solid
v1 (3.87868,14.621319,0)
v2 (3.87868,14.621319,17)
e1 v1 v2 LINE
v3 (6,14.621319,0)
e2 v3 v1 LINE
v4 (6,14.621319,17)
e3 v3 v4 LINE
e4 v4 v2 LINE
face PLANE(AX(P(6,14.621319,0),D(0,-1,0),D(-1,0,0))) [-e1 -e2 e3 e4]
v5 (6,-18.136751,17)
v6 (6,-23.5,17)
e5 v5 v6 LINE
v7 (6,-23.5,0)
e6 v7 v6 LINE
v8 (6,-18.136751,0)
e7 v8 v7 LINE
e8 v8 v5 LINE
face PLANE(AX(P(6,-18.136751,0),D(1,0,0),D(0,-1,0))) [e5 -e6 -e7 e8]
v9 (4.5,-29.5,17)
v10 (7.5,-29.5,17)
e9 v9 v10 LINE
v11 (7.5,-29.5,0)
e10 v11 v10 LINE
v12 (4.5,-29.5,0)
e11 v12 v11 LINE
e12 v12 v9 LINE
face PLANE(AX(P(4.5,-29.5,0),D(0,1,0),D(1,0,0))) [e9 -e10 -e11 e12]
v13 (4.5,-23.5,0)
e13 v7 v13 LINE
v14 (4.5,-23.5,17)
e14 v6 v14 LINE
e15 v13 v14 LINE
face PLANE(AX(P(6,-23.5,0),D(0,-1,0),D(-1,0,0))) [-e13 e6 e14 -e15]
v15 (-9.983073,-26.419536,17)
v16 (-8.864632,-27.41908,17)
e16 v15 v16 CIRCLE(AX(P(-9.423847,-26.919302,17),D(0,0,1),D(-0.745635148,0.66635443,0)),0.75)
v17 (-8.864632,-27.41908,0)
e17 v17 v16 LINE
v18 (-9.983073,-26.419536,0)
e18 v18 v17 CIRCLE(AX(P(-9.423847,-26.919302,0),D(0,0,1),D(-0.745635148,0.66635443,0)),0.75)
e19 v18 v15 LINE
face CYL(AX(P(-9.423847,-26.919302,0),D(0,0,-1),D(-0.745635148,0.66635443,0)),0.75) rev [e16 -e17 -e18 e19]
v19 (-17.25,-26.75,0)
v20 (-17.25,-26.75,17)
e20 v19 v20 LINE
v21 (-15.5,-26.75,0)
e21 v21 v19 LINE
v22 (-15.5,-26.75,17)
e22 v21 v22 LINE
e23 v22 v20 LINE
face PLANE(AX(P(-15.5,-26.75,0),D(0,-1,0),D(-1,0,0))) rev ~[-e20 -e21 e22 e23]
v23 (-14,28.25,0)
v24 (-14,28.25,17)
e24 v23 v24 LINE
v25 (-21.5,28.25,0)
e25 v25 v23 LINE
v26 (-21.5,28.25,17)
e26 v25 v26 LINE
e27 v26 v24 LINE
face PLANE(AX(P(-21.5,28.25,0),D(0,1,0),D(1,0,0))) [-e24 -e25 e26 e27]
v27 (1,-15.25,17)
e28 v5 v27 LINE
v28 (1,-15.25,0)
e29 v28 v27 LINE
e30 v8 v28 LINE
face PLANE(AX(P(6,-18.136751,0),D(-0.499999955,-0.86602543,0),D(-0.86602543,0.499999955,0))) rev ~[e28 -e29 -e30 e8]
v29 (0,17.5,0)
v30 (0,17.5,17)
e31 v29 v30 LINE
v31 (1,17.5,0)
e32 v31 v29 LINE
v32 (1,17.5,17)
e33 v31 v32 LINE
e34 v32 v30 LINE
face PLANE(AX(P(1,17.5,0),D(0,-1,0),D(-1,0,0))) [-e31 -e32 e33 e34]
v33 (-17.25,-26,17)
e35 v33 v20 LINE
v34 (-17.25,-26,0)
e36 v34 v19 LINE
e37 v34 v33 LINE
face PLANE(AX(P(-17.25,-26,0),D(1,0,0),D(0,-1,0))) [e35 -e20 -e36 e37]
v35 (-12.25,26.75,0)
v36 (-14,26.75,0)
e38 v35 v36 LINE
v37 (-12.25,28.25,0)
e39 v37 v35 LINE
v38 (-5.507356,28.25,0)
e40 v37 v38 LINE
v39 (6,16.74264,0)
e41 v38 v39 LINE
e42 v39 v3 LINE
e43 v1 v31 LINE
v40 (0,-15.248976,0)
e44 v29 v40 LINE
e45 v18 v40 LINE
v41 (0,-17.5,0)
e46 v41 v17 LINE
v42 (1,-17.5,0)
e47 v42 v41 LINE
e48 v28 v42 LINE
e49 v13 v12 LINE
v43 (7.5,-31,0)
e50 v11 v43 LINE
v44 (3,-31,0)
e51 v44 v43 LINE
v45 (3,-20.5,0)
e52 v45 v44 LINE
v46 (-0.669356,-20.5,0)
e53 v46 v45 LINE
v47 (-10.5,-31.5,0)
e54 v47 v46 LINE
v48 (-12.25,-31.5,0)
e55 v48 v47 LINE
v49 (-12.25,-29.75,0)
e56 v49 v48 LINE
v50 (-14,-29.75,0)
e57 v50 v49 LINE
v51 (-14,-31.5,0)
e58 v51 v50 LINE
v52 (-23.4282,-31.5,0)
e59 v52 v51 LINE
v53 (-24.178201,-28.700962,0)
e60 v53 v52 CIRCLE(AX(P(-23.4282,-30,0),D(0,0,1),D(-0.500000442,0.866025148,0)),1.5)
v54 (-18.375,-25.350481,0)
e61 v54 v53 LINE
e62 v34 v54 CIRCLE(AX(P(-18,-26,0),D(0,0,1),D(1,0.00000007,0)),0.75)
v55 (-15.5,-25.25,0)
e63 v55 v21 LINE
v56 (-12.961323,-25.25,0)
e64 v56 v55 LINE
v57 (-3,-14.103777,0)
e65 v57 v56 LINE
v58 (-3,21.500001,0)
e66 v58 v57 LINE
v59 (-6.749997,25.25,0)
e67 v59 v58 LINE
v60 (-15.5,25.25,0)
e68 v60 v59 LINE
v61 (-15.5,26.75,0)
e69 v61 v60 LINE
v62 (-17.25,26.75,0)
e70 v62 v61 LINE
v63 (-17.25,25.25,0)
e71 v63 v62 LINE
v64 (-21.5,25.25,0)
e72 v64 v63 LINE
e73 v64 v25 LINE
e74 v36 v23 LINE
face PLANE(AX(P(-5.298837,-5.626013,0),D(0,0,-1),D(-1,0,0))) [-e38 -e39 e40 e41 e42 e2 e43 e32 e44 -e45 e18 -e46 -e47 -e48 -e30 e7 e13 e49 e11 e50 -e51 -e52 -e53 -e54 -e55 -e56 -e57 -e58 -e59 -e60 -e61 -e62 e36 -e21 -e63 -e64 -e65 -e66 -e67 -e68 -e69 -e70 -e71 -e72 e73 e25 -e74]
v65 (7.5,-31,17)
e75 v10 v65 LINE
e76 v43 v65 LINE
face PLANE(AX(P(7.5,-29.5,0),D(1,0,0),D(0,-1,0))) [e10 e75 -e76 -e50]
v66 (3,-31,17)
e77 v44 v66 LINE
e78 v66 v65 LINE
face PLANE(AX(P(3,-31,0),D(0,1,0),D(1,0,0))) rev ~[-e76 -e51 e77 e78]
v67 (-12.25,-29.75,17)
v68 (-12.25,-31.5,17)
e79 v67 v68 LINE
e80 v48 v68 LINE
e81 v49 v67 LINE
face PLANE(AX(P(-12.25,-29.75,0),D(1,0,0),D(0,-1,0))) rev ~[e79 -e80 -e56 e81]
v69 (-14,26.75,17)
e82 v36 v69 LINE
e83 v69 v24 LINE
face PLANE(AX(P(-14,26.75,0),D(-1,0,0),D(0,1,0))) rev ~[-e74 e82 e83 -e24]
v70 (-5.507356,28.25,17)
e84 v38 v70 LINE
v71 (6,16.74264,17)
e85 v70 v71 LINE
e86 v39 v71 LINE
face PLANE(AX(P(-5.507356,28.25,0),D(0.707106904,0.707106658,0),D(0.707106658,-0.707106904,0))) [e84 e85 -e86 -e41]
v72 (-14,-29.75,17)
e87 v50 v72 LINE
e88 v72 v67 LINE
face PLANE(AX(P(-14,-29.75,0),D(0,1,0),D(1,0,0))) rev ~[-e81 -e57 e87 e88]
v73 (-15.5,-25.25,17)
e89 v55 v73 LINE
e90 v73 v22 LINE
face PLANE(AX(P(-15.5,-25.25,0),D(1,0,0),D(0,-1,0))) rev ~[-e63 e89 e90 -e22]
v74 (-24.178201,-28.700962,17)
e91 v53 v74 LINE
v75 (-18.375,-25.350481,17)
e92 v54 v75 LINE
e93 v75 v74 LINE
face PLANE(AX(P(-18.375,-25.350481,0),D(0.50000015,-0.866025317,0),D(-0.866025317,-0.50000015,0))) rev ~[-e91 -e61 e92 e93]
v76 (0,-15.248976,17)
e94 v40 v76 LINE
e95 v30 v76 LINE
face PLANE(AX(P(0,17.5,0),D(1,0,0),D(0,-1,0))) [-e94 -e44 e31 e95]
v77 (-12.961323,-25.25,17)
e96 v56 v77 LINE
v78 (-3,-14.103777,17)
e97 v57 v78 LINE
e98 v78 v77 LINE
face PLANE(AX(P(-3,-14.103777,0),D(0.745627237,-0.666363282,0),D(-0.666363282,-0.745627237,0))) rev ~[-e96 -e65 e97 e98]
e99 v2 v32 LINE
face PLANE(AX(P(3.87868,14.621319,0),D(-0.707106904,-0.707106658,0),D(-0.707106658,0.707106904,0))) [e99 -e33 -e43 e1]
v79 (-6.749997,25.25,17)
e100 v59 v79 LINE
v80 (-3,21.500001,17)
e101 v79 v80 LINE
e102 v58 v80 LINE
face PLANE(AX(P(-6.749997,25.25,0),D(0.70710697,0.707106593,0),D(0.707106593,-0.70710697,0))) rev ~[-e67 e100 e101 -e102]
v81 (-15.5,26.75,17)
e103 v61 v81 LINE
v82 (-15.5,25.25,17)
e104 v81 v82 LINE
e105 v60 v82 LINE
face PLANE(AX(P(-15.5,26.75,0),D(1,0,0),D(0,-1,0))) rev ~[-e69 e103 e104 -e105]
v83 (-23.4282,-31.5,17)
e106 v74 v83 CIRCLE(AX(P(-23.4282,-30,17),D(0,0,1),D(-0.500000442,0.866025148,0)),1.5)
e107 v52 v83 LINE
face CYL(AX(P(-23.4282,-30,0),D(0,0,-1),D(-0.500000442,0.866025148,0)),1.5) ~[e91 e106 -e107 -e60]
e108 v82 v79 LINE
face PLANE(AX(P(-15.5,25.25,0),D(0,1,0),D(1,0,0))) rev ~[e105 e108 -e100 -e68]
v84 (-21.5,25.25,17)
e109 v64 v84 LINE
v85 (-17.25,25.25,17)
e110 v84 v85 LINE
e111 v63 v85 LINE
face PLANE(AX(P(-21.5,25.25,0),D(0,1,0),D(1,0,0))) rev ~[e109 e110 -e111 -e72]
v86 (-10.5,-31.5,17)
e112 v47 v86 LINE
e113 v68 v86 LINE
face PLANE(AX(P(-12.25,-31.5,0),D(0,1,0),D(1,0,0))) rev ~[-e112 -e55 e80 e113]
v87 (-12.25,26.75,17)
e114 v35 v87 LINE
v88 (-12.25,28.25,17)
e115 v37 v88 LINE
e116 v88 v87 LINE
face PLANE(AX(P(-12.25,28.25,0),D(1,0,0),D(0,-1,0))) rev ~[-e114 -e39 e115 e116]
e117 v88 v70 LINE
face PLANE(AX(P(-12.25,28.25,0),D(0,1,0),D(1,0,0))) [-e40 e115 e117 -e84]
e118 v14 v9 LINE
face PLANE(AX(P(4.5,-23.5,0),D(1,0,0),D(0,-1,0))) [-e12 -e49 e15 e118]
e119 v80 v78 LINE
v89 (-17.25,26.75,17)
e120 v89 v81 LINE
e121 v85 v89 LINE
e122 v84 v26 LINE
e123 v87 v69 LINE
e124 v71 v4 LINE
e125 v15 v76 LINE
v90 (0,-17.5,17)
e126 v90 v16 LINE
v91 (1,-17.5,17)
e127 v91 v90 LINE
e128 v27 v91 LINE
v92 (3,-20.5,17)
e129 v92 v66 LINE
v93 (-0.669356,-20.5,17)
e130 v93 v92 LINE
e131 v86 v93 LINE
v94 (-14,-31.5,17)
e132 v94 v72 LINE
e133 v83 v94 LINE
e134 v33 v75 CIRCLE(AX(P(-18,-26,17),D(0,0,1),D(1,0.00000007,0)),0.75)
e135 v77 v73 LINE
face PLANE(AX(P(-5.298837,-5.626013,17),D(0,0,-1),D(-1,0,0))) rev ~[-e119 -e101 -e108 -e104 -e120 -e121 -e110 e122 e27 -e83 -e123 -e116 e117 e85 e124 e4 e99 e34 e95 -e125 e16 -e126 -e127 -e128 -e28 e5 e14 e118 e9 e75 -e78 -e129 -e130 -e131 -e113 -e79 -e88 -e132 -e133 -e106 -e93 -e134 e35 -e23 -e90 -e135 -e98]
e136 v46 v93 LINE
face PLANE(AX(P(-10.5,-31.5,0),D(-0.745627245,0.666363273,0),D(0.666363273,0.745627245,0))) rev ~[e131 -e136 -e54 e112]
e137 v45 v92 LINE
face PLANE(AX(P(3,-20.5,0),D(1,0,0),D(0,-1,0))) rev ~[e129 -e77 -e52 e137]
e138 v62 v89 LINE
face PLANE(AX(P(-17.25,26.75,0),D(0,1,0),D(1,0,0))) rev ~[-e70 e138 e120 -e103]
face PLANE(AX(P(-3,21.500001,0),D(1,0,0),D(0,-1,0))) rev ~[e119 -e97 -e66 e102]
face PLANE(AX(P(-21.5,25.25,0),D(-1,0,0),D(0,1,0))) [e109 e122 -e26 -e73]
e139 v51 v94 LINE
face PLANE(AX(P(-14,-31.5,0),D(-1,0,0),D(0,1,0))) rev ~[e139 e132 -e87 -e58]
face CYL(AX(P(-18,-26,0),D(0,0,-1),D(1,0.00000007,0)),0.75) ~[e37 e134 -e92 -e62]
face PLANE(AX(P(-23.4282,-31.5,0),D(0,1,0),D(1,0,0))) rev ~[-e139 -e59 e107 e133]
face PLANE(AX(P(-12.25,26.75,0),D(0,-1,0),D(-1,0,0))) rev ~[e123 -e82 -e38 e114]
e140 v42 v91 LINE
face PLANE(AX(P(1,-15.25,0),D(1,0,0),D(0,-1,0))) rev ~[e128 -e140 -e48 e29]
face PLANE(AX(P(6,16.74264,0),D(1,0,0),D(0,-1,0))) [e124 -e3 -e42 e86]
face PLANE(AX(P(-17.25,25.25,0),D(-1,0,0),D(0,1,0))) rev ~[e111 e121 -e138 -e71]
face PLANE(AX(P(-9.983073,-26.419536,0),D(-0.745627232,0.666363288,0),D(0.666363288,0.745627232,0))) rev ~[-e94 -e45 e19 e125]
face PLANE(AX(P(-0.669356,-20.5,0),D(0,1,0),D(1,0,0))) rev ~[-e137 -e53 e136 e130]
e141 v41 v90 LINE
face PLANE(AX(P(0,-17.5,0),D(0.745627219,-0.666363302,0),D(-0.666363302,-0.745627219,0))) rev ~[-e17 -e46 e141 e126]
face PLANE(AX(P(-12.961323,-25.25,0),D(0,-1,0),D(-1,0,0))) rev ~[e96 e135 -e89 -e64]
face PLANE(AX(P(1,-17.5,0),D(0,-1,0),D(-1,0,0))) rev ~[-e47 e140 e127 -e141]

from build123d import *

# Parameters (mm, degrees)
PAD_DEPTH = 17


with BuildPart() as part:
    # Sketch → Pad (new body)
    with BuildSketch(Plane.XY):
        with BuildLine():
            Line((0, 17.5), (0, -15.248976))
            Line((-9.983073, -26.419536), (0, -15.248976))
            ThreePointArc((-9.983073, -26.419536), (-9.923619, -27.478522), (-8.864632, -27.41908))
            Line((0, -17.5), (-8.864632, -27.41908))
            Line((1, -17.5), (0, -17.5))
            Line((1, -15.25), (1, -17.5))
            Line((6, -18.136751), (1, -15.25))
            Line((6, -18.136751), (6, -23.5))
            Line((6, -23.5), (4.5, -23.5))
            Line((4.5, -23.5), (4.5, -29.5))
            Line((4.5, -29.5), (7.5, -29.5))
            Line((7.5, -29.5), (7.5, -31))
            Line((3, -31), (7.5, -31))
            Line((3, -20.5), (3, -31))
            Line((-0.669356, -20.5), (3, -20.5))
            Line((-10.5, -31.5), (-0.669356, -20.5))
            Line((-12.25, -31.5), (-10.5, -31.5))
            Line((-12.25, -29.75), (-12.25, -31.5))
            Line((-14, -29.75), (-12.25, -29.75))
            Line((-14, -31.5), (-14, -29.75))
            Line((-23.4282, -31.5), (-14, -31.5))
            ThreePointArc((-24.178201, -28.700962), (-24.877089, -30.388229), (-23.4282, -31.5))
            Line((-18.375, -25.350481), (-24.178201, -28.700962))
            ThreePointArc((-17.25, -26), (-17.625, -25.350481), (-18.375, -25.350481))
            Line((-17.25, -26), (-17.25, -26.75))
            Line((-15.5, -26.75), (-17.25, -26.75))
            Line((-15.5, -25.25), (-15.5, -26.75))
            Line((-12.961323, -25.25), (-15.5, -25.25))
            Line((-3, -14.103777), (-12.961323, -25.25))
            Line((-3, 21.500001), (-3, -14.103777))
            Line((-6.749997, 25.25), (-3, 21.500001))
            Line((-15.5, 25.25), (-6.749997, 25.25))
            Line((-15.5, 26.75), (-15.5, 25.25))
            Line((-17.25, 26.75), (-15.5, 26.75))
            Line((-17.25, 25.25), (-17.25, 26.75))
            Line((-21.5, 25.25), (-17.25, 25.25))
            Line((-21.5, 25.25), (-21.5, 28.25))
            Line((-21.5, 28.25), (-14, 28.25))
            Line((-14, 26.75), (-14, 28.25))
            Line((-12.25, 26.75), (-14, 26.75))
            Line((-12.25, 28.25), (-12.25, 26.75))
            Line((-12.25, 28.25), (-5.507356, 28.25))
            Line((-5.507356, 28.25), (6, 16.74264))
            Line((6, 16.74264), (6, 14.621319))
            Line((6, 14.621319), (3.87868, 14.621319))
            Line((3.87868, 14.621319), (1, 17.5))
            Line((1, 17.5), (0, 17.5))
        make_face()
    extrude(amount=PAD_DEPTH)


solid = part.part
